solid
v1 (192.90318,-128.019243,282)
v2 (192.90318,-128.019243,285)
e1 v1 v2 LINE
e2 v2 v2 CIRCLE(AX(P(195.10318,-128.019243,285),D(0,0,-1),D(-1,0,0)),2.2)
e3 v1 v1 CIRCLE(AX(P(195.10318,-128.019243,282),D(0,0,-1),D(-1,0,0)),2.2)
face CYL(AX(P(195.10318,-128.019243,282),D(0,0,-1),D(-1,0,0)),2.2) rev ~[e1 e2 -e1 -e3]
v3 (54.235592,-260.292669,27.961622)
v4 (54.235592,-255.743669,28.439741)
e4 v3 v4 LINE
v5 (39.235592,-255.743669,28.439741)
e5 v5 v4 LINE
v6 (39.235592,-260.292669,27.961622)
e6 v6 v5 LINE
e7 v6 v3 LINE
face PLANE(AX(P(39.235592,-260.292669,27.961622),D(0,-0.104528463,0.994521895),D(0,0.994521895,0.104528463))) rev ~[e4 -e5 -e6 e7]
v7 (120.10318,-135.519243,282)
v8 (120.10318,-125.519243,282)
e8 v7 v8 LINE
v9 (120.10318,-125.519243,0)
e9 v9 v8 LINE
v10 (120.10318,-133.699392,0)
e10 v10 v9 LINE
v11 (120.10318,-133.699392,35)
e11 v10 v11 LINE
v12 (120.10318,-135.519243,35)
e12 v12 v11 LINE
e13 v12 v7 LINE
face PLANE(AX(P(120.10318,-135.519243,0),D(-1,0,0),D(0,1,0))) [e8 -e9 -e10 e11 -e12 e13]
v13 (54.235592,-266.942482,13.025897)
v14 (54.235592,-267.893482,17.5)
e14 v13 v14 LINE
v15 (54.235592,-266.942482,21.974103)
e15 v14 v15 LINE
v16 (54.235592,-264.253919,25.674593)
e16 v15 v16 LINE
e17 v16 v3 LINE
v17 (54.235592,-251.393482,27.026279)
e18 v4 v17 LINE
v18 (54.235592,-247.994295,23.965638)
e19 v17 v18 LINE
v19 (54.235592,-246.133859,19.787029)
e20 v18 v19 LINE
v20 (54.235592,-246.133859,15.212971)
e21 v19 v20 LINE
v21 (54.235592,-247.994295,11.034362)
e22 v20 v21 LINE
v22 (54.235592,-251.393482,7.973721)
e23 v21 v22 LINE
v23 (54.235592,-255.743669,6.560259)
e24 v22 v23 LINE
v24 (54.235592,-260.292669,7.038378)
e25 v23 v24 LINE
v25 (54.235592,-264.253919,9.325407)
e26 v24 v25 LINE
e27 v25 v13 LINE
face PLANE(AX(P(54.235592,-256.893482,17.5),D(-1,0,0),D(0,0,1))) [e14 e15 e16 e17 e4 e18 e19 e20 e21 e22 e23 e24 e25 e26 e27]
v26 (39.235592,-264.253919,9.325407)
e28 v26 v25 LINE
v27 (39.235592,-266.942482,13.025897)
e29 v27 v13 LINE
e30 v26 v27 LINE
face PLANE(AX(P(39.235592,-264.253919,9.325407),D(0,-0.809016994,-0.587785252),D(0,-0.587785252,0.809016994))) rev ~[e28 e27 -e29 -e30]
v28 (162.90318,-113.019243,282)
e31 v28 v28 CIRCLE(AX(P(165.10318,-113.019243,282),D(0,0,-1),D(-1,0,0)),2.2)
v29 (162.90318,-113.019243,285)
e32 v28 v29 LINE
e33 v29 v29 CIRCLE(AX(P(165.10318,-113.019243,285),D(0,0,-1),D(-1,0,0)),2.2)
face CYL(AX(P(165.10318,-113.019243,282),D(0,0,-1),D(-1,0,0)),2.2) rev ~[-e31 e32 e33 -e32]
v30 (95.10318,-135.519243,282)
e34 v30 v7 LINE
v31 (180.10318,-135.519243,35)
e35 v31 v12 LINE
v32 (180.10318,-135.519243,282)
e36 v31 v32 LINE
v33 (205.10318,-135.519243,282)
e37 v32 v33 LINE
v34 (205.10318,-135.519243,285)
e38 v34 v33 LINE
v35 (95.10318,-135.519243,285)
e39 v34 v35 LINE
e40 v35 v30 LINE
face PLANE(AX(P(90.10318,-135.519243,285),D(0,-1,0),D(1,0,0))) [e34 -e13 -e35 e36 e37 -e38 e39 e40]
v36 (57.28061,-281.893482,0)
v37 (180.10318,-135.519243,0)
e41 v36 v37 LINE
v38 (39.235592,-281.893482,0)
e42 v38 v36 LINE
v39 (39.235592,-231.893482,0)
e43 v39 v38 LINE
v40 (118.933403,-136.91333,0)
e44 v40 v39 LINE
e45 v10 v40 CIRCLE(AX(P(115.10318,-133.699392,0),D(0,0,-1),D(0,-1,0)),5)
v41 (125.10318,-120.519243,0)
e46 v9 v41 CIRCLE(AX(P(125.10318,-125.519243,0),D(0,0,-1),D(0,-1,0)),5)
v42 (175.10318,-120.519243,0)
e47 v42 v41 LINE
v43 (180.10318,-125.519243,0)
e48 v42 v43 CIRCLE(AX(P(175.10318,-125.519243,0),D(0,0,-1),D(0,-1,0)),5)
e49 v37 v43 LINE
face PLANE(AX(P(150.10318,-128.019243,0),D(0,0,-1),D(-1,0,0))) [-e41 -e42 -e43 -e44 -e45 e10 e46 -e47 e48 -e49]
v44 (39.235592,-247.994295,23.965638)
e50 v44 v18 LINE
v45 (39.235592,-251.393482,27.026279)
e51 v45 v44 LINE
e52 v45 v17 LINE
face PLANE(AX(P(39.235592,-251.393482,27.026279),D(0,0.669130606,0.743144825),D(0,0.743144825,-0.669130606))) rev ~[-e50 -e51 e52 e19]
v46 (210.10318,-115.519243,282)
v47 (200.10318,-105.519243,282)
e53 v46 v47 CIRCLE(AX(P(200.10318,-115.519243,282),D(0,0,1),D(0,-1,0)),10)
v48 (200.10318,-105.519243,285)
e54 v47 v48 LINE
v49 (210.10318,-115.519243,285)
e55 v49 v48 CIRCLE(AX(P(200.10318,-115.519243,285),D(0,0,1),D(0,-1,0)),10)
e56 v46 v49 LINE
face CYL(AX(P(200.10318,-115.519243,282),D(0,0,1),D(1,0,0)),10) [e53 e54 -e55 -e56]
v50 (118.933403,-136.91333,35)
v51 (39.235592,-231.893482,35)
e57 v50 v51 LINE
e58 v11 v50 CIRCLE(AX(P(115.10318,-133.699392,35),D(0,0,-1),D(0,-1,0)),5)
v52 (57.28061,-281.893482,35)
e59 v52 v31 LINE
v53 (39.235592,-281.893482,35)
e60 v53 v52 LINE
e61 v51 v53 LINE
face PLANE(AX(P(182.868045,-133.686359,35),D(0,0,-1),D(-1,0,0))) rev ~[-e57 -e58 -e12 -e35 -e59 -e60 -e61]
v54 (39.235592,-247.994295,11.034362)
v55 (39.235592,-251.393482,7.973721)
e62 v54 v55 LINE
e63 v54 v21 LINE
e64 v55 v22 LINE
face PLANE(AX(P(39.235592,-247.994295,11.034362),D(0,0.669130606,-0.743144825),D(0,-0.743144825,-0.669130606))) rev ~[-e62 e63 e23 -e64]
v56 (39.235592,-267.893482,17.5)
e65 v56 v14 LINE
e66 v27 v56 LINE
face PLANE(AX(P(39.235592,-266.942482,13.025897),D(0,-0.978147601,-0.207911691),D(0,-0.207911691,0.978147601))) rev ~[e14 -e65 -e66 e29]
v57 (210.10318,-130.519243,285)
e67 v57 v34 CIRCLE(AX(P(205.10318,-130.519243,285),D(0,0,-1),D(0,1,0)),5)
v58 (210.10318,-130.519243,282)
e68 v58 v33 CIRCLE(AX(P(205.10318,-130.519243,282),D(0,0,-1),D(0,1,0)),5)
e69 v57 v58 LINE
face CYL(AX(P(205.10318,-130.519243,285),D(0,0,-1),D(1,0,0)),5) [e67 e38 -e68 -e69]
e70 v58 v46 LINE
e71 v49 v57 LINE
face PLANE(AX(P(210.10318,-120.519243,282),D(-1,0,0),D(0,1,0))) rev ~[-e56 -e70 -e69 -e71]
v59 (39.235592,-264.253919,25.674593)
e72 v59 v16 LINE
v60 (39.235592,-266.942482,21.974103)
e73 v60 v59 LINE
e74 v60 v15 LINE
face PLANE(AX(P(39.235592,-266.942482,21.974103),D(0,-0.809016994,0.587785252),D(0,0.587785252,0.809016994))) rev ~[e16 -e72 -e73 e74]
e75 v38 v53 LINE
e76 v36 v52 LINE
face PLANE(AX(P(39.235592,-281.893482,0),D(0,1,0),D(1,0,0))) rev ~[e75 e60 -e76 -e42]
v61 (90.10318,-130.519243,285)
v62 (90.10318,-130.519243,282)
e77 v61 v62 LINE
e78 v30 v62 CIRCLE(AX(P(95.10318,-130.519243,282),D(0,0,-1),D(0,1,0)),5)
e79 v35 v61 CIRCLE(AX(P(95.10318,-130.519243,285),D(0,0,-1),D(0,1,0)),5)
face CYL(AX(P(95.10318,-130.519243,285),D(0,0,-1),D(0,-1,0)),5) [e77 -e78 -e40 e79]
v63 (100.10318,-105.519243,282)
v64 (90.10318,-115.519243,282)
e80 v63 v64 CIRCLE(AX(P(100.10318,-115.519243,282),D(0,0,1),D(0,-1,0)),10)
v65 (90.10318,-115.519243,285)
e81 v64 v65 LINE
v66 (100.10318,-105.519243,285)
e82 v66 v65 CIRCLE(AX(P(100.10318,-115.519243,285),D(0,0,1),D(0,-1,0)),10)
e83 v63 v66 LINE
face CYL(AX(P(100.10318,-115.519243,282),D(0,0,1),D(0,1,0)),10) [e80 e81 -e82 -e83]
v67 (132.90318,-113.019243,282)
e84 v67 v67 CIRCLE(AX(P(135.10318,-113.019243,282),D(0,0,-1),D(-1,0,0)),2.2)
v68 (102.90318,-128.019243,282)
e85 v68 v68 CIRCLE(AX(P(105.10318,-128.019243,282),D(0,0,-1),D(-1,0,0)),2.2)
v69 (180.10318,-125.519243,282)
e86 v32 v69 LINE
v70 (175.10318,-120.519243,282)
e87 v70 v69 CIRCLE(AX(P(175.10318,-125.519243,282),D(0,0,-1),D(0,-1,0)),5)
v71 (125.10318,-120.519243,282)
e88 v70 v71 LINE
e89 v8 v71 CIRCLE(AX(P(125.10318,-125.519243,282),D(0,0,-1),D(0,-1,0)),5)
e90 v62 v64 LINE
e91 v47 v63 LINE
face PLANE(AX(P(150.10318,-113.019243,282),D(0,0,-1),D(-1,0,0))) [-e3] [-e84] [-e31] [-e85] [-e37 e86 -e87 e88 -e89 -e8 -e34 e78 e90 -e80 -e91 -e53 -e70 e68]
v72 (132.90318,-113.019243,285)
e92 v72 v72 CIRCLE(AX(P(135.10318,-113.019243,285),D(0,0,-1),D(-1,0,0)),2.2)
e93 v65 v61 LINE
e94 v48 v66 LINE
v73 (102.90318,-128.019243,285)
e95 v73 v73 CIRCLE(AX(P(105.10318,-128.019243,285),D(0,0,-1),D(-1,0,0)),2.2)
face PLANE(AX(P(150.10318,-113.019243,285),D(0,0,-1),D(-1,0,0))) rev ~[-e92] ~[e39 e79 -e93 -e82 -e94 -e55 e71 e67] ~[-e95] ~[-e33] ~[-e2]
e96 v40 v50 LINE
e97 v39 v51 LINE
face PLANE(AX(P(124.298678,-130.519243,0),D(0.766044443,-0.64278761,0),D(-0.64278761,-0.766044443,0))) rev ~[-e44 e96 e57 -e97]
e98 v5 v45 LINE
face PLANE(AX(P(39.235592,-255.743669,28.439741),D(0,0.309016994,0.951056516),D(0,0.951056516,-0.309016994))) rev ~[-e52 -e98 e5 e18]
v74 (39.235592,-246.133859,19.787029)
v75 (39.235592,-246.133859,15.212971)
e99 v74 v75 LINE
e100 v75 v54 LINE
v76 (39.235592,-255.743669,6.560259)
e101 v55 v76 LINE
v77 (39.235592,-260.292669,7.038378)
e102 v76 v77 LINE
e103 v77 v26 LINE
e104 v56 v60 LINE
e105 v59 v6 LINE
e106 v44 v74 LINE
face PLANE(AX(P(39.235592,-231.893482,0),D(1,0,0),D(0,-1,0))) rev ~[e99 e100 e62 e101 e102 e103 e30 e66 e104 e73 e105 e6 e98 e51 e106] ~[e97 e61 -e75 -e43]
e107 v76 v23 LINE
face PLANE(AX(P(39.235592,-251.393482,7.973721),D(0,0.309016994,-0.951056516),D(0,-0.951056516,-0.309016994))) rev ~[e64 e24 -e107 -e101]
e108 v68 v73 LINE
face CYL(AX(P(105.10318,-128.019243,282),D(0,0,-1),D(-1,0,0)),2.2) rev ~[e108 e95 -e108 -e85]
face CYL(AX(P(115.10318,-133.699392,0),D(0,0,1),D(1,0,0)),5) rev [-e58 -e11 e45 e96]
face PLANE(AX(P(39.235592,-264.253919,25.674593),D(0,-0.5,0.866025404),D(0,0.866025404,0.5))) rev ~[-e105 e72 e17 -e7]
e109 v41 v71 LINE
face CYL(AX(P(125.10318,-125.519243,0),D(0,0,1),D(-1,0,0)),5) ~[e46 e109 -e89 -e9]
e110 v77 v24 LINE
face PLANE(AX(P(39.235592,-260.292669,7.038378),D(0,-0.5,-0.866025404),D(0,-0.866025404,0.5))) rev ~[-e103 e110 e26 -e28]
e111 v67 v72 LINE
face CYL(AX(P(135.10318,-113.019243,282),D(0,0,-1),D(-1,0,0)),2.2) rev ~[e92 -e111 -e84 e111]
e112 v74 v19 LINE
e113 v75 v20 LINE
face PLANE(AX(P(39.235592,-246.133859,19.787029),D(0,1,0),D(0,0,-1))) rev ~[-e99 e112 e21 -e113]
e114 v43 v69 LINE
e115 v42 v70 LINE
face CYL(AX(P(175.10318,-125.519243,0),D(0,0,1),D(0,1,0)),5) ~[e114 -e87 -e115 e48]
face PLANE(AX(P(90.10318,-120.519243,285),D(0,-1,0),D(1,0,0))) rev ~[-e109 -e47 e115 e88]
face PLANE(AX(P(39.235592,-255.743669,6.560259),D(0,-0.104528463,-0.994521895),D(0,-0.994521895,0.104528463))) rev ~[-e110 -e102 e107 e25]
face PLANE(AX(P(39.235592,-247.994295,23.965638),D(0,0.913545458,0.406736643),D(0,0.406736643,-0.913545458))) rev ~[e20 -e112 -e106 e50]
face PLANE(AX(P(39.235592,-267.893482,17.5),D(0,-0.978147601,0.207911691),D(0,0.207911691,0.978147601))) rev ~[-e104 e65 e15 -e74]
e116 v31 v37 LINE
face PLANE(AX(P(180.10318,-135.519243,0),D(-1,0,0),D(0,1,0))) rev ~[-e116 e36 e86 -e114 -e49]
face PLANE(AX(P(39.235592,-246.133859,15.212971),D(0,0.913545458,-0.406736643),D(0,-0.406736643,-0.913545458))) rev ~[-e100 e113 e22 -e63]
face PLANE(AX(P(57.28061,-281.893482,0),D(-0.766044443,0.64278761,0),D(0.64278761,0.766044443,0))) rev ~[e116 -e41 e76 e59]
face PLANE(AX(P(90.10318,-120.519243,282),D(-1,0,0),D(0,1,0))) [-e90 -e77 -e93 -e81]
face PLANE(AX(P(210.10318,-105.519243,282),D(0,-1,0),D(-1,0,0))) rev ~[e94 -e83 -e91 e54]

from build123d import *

# Parameters (mm, degrees)
BOSS_EXTRUDE1_DEPTH = 35
SKETCH5_W           = 40
SKETCH5_H           = 35
SKETCH5_W_2         = 20
BOSS_EXTRUDE4_DEPTH = 5
BOSS_EXTRUDE5_DEPTH = 35
CUT_EXTRUDE2_DEPTH  = 15
CUT_EXTRUDE3_DEPTH  = 10
SKETCH9_W           = 60
SKETCH9_H           = 15
BOSS_EXTRUDE6_DEPTH = 285
SKETCH10_W          = 35
SKETCH10_H          = 5
CUT_EXTRUDE4_DEPTH  = 250
SKETCH11_W          = 35
SKETCH11_H          = 5
CUT_EXTRUDE5_DEPTH  = 250
SKETCH12_W          = 30
SKETCH12_H          = 15
BOSS_EXTRUDE7_DEPTH = 3
FILLET1_R           = 5
FILLET2_R           = 5
SKETCH13_R          = 2.2
CUT_EXTRUDE6_DEPTH  = 10
SKETCH15_W          = 120
SKETCH15_H          = 15
BOSS_EXTRUDE8_DEPTH = 3
SKETCH16_R          = 2.2
CUT_EXTRUDE7_DEPTH  = 5
FILLET3_R           = 10
FILLET4_R           = 5


with BuildPart() as part:
    # Sketch1 → Boss-Extrude1 (new body)
    with BuildSketch(Plane.XY):
        Polygon((39.235591649, -231.893482393), (39.235591649, -281.893482393), (57.280610091, -281.893482393), (184.29867845, -130.519243102), (124.29867845, -130.519243102), align=None)
    extrude(amount=BOSS_EXTRUDE1_DEPTH)

    # Sketch5 → Boss-Extrude4 (add)
    with BuildSketch(Plane(origin=(0, -130.519243102, 0), x_dir=(1, 0, 0), z_dir=(0, 1, 0))):
        with Locations((104.29867845, -17.5)):
            Rectangle(SKETCH5_W, SKETCH5_H)
        with Locations((194.29867845, -17.5)):
            Rectangle(SKETCH5_W_2, SKETCH5_H)
    extrude(amount=-BOSS_EXTRUDE4_DEPTH)

    # Sketch6 → Boss-Extrude5 (add)
    with BuildSketch(Plane.XY.offset(35)):
        Polygon((184.29867845, -130.519243102), (184.29867845, -135.519243102), (180.103180294, -135.519243102), align=None)
    extrude(amount=-BOSS_EXTRUDE5_DEPTH)

    # Sketch7 → Cut-Extrude2 (cut)
    with BuildSketch(Plane.ZY.offset(-39.235591649)):
        Polygon((21.974103074, -266.942482427), (25.67459308, -264.253919063), (27.961621679, -260.292669331), (28.439740849, -255.743669297), (27.026279442, -251.393482393), (23.965637775, -247.994295455), (19.787028599, -246.133858785), (15.212971401, -246.133858785), (11.034362225, -247.994295455), (7.973720558, -251.393482393), (6.560259151, -255.743669297), (7.038378321, -260.292669331), (9.32540692, -264.253919063), (13.025896926, -266.942482427), (17.5, -267.893482393), align=None)
    extrude(amount=-CUT_EXTRUDE2_DEPTH, mode=Mode.SUBTRACT)

    # Sketch8 → Cut-Extrude3 (cut)
    with BuildSketch(Plane.XZ.offset(135.519243102)):
        with BuildLine():
            ThreePointArc((103.73838358, 19.002908699), (102.200929372, 19.65), (100.663475163, 19.002908699))
            Line((100.663475163, 19.002908699), (102.200929372, 17.5))
            Line((102.200929372, 17.5), (103.73838358, 19.002908699))
        make_face()
        with BuildLine():
            Line((102.200929372, 17.5), (100.663475163, 19.002908699))
            ThreePointArc((100.663475163, 19.002908699), (100.050929372, 17.5), (100.663475163, 15.997091301))
            Line((100.663475163, 15.997091301), (102.200929372, 17.5))
        make_face()
        with BuildLine():
            ThreePointArc((104.350929372, 17.5), (104.191912363, 18.31147195), (103.73838358, 19.002908699))
            Line((103.73838358, 19.002908699), (102.200929372, 17.5))
            Line((102.200929372, 17.5), (103.73838358, 15.997091301))
            ThreePointArc((103.73838358, 15.997091301), (104.191912363, 16.68852805), (104.350929372, 17.5))
        make_face()
        with BuildLine():
            Line((102.200929372, 17.5), (100.663475163, 15.997091301))
            ThreePointArc((100.663475163, 15.997091301), (102.200929372, 15.35), (103.73838358, 15.997091301))
            Line((103.73838358, 15.997091301), (102.200929372, 17.5))
        make_face()
        with BuildLine():
            ThreePointArc((193.423525745, 19.268546892), (192.200929372, 19.65), (190.978332999, 19.268546892))
            Line((190.978332999, 19.268546892), (192.200929372, 17.5))
            Line((192.200929372, 17.5), (193.423525745, 19.268546892))
        make_face()
        with BuildLine():
            Line((192.200929372, 17.5), (190.978332999, 19.268546892))
            ThreePointArc((190.978332999, 19.268546892), (190.050929372, 17.5), (190.978332999, 15.731453108))
            Line((190.978332999, 15.731453108), (192.200929372, 17.5))
        make_face()
        with BuildLine():
            Line((193.423525745, 19.268546892), (192.200929372, 17.5))
            Line((192.200929372, 17.5), (193.423525745, 15.731453108))
            ThreePointArc((193.423525745, 15.731453108), (194.105014743, 16.501521708), (194.350929372, 17.5))
            ThreePointArc((194.350929372, 17.5), (194.105014743, 18.498478292), (193.423525745, 19.268546892))
        make_face()
        with BuildLine():
            Line((193.423525745, 15.731453108), (192.200929372, 17.5))
            Line((192.200929372, 17.5), (190.978332999, 15.731453108))
            ThreePointArc((190.978332999, 15.731453108), (192.200929372, 15.35), (193.423525745, 15.731453108))
        make_face()
    extrude(amount=-CUT_EXTRUDE3_DEPTH, mode=Mode.SUBTRACT)

    # Sketch9 → Boss-Extrude6 (add)
    with BuildSketch(Plane(origin=(0, 0, 0), x_dir=(-1, 0, 0), z_dir=(0, 0, -1))):
        with Locations((-150.103180294, -128.019243102)):
            Rectangle(SKETCH9_W, SKETCH9_H)
    extrude(amount=-BOSS_EXTRUDE6_DEPTH)

    # Sketch10 → Cut-Extrude4 (cut)
    with BuildSketch(Plane(origin=(180.103180294, 0, 0), x_dir=(0, 0, -1), z_dir=(1, 0, 0))):
        with Locations((-17.5, -133.019243102)):
            Rectangle(SKETCH10_W, SKETCH10_H)
    extrude(amount=CUT_EXTRUDE4_DEPTH, mode=Mode.SUBTRACT)

    # Sketch11 → Cut-Extrude5 (cut)
    with BuildSketch(Plane.ZY.offset(-120.103180294)):
        with Locations((17.5, -133.019243102)):
            Rectangle(SKETCH11_W, SKETCH11_H)
    extrude(amount=CUT_EXTRUDE5_DEPTH, mode=Mode.SUBTRACT)

    # Sketch12 → Boss-Extrude7 (add)
    with BuildSketch(Plane.XY.offset(285)):
        with Locations((105.103180294, -128.019243102)):
            Rectangle(SKETCH12_W, SKETCH12_H)
        with Locations((195.103180294, -128.019243102)):
            Rectangle(SKETCH12_W, SKETCH12_H)
    extrude(amount=-BOSS_EXTRUDE7_DEPTH)

    # Fillet1
    fillet1_edges = [part.edges().sort_by_distance(p)[0] for p in [
        (120.103180294, -135.519243102, 17.5),
    ]]
    fillet(fillet1_edges, radius=FILLET1_R)

    # Fillet2
    fillet2_edges = [part.edges().sort_by_distance(p)[0] for p in [
        (120.103180294, -120.519243102, 141),
        (180.103180294, -120.519243102, 141),
    ]]
    fillet(fillet2_edges, radius=FILLET2_R)

    # Sketch13 → Cut-Extrude6 (cut)
    with BuildSketch(Plane(origin=(0, 0, 282), x_dir=(-1, 0, 0), z_dir=(0, 0, -1))):
        with Locations((-105.103180294, -128.019243102)):
            Circle(SKETCH13_R)
        with Locations((-195.103180294, -128.019243102)):
            Circle(SKETCH13_R)
    extrude(amount=-CUT_EXTRUDE6_DEPTH, mode=Mode.SUBTRACT)

    # Sketch15 → Boss-Extrude8 (add)
    with BuildSketch(Plane(origin=(0, 0, 282), x_dir=(-1, 0, 0), z_dir=(0, 0, -1))):
        with Locations((-150.103180294, -113.019243102)):
            Rectangle(SKETCH15_W, SKETCH15_H)
    extrude(amount=-BOSS_EXTRUDE8_DEPTH)

    # Sketch16 → Cut-Extrude7 (cut)
    with BuildSketch(Plane(origin=(0, 0, 282), x_dir=(-1, 0, 0), z_dir=(0, 0, -1))):
        with Locations((-165.103180294, -113.019243102)):
            Circle(SKETCH16_R)
        with Locations((-135.103180294, -113.019243102)):
            Circle(SKETCH16_R)
    extrude(amount=-CUT_EXTRUDE7_DEPTH, mode=Mode.SUBTRACT)

    # Fillet3
    fillet3_edges = [part.edges().sort_by_distance(p)[0] for p in [
        (210.103180294, -105.519243102, 283.5),
        (90.103180294, -105.519243102, 283.5),
    ]]
    fillet(fillet3_edges, radius=FILLET3_R)

    # Fillet4
    fillet4_edges = [part.edges().sort_by_distance(p)[0] for p in [
        (90.103180294, -135.519243102, 283.5),
        (210.103180294, -135.519243102, 283.5),
    ]]
    fillet(fillet4_edges, radius=FILLET4_R)


solid = part.part
